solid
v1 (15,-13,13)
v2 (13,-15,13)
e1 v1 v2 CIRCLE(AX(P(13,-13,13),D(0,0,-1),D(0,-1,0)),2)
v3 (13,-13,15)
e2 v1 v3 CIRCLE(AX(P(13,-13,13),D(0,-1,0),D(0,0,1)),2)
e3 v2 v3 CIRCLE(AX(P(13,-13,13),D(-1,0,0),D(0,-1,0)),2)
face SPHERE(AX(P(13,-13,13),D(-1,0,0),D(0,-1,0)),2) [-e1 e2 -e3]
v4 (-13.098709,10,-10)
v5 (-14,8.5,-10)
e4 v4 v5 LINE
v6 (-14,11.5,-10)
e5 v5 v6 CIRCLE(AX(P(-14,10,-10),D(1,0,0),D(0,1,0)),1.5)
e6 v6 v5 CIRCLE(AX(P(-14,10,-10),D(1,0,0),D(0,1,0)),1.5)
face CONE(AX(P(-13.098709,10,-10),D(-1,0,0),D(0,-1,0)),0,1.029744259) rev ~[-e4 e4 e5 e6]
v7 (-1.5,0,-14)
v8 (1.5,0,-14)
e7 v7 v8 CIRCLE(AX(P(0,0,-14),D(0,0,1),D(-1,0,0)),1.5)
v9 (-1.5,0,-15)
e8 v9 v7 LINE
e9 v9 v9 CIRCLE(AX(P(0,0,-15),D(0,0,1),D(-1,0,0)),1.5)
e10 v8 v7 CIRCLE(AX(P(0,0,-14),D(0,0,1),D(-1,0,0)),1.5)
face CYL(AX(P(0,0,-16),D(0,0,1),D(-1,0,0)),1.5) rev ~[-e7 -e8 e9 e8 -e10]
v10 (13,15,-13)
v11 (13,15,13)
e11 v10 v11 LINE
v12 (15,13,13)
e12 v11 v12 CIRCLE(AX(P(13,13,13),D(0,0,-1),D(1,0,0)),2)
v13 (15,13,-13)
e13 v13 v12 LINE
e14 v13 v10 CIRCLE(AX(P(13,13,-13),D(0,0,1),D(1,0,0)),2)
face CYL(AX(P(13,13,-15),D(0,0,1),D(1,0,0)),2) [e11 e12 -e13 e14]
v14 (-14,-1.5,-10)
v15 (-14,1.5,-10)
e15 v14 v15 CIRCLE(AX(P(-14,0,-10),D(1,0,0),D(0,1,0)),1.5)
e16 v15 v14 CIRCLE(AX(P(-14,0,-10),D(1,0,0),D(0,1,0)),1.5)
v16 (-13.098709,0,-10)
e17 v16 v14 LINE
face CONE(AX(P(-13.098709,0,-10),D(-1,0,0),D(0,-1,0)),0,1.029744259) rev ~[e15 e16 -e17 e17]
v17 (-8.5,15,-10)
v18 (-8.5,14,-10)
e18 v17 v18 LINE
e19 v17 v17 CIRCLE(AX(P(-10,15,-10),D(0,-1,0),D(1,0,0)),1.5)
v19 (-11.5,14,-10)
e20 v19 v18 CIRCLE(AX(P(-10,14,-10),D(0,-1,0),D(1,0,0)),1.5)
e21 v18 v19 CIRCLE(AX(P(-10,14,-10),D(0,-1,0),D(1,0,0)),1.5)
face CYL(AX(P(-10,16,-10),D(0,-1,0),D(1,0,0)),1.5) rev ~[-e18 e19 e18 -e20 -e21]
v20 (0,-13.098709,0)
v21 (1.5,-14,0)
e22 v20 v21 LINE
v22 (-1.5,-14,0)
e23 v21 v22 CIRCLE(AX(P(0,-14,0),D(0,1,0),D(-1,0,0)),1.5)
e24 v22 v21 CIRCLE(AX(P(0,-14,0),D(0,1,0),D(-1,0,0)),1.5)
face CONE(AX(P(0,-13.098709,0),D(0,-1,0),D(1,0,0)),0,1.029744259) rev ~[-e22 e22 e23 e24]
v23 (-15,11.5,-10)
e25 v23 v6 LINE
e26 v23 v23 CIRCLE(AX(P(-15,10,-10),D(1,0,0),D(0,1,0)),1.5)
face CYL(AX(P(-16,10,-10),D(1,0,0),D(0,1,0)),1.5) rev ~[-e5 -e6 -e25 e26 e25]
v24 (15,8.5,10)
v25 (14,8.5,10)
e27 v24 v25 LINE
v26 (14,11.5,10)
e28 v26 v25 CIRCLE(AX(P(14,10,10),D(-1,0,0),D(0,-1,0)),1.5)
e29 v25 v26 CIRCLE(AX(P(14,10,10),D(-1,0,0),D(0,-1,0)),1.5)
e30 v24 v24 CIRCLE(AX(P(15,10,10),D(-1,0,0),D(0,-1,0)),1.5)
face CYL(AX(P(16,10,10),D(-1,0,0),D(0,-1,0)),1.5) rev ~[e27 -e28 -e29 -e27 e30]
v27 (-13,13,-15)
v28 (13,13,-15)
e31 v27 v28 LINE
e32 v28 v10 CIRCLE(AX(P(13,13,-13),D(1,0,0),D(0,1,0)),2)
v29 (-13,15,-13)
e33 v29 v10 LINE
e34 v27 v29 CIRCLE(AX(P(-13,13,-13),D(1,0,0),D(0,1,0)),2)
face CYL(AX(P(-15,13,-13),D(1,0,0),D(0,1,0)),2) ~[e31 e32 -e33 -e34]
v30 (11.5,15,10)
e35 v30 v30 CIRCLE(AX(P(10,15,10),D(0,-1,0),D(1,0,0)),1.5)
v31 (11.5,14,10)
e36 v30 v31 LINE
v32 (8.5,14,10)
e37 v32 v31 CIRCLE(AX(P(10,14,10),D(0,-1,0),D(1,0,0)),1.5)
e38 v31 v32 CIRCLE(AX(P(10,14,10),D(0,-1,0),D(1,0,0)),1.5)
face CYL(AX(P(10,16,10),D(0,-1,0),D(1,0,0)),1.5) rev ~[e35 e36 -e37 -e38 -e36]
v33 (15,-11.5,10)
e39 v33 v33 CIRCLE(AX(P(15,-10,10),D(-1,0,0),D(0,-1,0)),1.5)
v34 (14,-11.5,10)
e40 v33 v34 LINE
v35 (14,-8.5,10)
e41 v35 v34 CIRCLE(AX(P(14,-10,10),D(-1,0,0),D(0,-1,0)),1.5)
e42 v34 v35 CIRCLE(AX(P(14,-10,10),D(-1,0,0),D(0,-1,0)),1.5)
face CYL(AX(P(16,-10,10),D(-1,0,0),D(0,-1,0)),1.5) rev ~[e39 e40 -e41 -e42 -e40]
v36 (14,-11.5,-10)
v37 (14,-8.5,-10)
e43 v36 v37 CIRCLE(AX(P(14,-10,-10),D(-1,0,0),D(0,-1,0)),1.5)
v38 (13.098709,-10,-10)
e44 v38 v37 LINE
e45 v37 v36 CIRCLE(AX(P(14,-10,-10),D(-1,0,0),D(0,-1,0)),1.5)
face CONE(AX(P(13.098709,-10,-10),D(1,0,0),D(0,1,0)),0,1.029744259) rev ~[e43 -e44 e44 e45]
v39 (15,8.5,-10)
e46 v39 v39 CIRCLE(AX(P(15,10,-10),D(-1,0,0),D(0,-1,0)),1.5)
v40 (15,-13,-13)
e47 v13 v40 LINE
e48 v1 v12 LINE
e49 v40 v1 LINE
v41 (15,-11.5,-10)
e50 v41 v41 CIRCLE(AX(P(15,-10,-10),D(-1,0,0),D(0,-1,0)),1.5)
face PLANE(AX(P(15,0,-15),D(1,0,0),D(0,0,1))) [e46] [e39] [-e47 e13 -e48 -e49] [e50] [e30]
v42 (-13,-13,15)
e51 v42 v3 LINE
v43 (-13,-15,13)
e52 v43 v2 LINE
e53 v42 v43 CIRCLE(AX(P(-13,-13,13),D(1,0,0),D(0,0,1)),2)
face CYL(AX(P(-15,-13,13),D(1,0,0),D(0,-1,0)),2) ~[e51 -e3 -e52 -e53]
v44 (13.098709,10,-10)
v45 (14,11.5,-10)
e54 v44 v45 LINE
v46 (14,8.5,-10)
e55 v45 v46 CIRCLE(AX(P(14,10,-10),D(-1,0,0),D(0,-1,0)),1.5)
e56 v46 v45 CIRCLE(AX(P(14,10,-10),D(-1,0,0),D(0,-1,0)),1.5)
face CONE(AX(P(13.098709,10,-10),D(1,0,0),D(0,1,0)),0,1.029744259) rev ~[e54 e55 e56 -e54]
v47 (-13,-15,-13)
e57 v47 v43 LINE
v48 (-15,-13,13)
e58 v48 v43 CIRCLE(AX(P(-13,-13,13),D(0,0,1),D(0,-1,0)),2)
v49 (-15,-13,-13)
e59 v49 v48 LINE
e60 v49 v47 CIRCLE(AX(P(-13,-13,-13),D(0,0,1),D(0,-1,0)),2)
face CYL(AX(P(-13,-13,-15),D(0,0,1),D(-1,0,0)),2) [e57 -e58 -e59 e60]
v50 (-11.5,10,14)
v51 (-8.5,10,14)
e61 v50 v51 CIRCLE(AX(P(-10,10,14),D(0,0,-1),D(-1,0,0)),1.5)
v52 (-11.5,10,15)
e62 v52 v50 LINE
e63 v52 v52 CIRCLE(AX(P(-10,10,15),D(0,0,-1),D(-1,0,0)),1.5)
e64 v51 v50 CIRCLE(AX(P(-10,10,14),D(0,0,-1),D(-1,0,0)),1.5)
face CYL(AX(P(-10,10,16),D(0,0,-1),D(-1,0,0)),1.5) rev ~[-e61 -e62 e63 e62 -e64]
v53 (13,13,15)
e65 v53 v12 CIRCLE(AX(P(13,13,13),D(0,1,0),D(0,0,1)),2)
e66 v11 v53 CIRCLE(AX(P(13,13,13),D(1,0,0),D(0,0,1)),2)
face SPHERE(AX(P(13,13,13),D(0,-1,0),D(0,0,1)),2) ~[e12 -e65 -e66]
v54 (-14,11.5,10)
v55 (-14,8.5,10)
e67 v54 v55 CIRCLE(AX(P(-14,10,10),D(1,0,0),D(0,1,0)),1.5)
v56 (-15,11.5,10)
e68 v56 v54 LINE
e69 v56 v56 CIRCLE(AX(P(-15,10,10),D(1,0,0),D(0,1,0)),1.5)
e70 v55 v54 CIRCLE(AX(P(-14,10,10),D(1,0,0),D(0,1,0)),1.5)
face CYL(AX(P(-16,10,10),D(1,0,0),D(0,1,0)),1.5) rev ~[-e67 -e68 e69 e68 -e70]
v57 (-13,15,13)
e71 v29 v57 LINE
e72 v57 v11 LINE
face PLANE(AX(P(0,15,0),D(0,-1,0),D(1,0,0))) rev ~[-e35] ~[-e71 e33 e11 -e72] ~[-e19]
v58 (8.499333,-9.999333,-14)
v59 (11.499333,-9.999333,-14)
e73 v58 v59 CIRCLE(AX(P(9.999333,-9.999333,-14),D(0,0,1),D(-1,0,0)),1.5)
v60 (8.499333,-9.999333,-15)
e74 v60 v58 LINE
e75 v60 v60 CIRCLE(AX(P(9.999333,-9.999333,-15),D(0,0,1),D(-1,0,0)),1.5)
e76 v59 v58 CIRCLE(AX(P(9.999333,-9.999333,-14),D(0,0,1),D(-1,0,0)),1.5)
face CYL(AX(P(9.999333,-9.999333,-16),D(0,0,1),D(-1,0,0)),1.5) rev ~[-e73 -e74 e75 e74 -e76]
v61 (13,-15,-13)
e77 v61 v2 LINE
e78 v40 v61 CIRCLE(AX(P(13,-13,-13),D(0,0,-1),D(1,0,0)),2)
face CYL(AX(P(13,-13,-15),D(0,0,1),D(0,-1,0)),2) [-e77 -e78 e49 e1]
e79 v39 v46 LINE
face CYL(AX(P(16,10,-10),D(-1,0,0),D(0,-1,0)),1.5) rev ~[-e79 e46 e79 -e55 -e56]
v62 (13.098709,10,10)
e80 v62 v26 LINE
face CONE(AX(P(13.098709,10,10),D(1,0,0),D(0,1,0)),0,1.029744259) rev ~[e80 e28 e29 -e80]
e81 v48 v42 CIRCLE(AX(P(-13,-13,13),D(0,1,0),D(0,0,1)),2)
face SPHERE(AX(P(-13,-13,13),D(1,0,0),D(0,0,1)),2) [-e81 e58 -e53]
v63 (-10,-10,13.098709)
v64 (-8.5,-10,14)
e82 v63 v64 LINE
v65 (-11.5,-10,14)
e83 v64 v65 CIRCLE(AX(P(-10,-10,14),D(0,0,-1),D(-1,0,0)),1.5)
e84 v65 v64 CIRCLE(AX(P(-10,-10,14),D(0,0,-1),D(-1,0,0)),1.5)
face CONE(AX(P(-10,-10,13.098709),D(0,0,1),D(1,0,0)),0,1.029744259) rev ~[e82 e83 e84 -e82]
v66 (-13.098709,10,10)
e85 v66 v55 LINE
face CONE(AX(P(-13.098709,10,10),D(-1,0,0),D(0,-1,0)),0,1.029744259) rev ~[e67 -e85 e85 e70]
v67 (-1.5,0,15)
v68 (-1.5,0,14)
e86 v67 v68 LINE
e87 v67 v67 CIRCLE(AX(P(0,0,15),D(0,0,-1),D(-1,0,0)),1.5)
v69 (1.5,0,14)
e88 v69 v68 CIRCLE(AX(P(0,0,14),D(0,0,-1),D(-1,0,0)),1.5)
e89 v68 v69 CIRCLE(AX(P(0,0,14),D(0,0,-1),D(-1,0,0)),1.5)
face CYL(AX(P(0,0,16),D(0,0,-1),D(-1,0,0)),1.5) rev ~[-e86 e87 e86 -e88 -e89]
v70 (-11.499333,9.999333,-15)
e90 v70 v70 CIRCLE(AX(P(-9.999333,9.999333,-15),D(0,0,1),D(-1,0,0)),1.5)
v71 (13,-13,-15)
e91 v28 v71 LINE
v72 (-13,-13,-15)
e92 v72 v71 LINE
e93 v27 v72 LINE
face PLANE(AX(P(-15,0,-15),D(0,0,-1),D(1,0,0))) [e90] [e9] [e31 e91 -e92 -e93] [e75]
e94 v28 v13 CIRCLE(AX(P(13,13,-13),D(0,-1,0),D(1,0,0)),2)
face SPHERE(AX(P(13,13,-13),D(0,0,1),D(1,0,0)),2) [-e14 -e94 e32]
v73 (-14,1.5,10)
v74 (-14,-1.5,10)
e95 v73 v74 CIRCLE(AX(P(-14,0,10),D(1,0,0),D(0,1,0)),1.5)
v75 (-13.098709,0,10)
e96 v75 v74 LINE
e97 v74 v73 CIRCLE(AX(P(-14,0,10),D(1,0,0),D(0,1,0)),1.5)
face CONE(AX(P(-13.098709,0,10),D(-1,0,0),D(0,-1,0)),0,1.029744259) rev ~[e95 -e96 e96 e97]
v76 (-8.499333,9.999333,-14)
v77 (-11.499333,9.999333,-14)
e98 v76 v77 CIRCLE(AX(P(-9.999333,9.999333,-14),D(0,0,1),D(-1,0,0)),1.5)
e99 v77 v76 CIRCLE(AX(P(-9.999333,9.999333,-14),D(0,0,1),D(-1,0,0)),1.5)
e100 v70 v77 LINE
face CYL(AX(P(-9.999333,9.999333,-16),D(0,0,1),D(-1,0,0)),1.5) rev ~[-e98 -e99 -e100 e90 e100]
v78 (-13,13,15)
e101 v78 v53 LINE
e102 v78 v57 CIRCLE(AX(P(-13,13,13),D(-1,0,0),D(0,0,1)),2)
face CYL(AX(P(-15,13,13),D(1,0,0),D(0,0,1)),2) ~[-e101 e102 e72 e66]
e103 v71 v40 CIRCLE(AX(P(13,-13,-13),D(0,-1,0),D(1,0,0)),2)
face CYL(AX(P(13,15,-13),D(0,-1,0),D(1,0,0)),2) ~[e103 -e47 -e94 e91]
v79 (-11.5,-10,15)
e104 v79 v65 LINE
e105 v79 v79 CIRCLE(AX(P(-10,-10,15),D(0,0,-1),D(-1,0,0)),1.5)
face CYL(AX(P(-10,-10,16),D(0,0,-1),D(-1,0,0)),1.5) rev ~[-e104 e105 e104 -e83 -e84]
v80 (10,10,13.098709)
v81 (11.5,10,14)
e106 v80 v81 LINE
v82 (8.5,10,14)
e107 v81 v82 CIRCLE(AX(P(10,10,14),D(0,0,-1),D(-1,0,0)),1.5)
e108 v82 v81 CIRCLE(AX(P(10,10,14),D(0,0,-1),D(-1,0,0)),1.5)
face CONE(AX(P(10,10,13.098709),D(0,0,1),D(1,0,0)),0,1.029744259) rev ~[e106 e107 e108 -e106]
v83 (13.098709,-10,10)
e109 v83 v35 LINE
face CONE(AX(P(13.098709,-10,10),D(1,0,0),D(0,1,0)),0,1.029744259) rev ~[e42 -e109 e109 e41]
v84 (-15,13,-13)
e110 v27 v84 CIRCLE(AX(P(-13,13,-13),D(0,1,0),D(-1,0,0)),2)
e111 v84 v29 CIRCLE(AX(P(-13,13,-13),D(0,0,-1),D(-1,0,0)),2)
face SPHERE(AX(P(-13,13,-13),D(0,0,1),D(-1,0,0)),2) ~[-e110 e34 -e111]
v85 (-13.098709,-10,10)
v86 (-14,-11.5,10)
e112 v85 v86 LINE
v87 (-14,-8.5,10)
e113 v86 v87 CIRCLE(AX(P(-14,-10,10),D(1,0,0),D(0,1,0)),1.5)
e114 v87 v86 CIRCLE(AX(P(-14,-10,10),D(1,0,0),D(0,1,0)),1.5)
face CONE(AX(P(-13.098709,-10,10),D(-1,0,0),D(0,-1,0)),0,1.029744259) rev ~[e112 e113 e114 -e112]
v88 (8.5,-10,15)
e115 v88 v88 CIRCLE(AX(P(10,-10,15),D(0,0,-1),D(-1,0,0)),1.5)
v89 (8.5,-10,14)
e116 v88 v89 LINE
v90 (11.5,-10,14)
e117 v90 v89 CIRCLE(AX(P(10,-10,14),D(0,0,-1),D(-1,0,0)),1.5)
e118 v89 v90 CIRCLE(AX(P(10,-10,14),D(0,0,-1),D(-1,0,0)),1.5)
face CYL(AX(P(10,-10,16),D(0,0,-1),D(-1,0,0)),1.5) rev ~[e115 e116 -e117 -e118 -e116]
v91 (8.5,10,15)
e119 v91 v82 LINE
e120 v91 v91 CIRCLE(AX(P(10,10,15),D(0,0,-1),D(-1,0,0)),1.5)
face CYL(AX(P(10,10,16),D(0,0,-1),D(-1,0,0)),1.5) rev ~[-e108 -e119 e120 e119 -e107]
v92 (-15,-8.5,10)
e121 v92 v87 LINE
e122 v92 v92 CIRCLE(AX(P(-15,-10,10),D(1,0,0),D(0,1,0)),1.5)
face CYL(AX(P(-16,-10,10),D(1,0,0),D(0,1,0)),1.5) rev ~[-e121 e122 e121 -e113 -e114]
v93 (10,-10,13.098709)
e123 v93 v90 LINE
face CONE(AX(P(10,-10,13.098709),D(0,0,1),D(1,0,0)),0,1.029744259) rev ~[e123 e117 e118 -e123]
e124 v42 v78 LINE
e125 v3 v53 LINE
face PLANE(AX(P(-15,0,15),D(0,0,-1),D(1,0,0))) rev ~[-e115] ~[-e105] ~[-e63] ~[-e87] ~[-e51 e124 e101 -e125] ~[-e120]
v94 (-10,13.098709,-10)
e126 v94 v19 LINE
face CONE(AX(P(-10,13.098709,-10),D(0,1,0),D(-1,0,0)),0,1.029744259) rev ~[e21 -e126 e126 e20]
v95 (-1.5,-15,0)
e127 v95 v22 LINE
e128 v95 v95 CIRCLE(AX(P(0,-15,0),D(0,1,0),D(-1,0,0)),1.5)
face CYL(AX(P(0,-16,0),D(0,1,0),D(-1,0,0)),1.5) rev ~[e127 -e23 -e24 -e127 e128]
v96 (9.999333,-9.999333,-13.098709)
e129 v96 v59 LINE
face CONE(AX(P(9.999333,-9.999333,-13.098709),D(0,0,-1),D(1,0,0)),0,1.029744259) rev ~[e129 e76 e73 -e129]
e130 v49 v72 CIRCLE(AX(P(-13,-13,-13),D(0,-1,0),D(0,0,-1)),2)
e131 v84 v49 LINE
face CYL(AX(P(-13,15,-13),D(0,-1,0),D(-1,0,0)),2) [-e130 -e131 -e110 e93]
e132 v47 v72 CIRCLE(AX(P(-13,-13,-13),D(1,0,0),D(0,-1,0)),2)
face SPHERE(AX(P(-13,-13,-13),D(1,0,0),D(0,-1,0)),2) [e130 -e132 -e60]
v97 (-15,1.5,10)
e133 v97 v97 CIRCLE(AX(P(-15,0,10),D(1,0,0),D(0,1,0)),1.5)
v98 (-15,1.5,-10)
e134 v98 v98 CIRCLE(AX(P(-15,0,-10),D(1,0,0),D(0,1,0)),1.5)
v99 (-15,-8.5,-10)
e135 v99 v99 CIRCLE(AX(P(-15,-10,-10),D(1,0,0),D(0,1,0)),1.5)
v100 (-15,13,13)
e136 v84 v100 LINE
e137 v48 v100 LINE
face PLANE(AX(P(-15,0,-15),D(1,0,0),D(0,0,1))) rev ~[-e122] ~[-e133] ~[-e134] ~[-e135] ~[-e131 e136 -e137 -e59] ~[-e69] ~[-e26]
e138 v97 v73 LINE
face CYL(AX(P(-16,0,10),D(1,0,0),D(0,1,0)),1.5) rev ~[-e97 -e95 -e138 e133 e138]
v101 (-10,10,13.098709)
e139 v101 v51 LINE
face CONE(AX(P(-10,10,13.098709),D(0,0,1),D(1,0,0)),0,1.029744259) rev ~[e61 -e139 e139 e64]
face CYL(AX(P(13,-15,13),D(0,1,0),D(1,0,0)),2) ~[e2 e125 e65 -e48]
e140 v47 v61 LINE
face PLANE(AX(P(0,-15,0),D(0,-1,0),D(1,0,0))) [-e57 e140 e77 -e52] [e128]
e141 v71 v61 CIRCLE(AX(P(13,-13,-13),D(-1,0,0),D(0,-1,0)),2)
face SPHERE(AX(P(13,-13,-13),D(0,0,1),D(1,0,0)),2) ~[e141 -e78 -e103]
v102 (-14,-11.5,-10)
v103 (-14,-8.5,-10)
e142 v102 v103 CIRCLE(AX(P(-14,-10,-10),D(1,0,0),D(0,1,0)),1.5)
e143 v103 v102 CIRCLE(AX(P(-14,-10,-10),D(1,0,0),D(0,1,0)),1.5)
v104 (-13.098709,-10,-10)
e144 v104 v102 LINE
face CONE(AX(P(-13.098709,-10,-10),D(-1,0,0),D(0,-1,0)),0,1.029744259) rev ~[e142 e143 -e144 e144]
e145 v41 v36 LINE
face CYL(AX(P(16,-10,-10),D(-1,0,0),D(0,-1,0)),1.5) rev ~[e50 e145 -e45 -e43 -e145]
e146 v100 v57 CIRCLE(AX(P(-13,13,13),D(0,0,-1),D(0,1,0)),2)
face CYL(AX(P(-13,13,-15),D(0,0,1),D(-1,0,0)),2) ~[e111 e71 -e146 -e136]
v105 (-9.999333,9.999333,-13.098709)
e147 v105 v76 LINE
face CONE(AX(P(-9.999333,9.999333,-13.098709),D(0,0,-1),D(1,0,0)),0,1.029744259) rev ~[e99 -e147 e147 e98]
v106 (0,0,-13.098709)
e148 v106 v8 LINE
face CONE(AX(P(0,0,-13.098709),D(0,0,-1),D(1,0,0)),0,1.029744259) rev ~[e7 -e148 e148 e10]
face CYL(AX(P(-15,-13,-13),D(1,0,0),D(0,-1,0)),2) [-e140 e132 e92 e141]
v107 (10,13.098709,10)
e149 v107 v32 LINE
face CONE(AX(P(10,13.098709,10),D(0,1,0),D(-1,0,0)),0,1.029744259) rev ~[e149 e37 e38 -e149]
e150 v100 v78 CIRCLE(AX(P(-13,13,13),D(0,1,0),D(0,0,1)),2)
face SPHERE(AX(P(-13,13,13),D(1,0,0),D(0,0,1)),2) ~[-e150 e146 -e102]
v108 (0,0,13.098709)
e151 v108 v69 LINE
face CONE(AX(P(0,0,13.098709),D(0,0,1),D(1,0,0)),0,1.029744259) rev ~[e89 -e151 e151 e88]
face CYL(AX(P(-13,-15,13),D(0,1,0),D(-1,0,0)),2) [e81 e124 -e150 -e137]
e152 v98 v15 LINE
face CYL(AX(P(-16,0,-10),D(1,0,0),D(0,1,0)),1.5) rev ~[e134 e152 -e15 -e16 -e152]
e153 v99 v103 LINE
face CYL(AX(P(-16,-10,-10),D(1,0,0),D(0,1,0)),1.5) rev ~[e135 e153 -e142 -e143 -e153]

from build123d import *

# Parameters (mm, degrees)
F0_W           = 30
F0_H           = 30
F1_DEPTH       = 15
F2_R           = 2
F9_D           = 3
F9_DEPTH       = 1
F9_TIP         = 0.9012909285
F9_ON_F8_D     = 3
F9_ON_F8_DEPTH = 1
F9_ON_F8_TIP   = 0.9012909285
F9_ON_F6_D     = 3
F9_ON_F6_DEPTH = 1
F9_ON_F6_TIP   = 0.9012909285
F9_ON_F7_D     = 3
F9_ON_F7_DEPTH = 1
F9_ON_F7_TIP   = 0.9012909285
F9_ON_F4_D     = 3
F9_ON_F4_DEPTH = 1
F9_ON_F4_TIP   = 0.9012909285
F9_ON_F3_D     = 3
F9_ON_F3_DEPTH = 1
F9_ON_F3_TIP   = 0.9012909285


with BuildPart() as f1:
    # F0 (on Front) → F1 (new body, symmetric)
    with BuildSketch(Plane.XZ):
        Rectangle(F0_W, F0_H)
    extrude(amount=F1_DEPTH, both=True)

    # F2
    f2_edges = [f1.edges().sort_by_distance(p)[0] for p in [
        (0, -15, 15),
        (15, -15, 0),
        (15, 0, 15),
        (0, 15, 15),
        (-15, 0, 15),
        (15, 15, 0),
        (15, 0, -15),
        (0, -15, -15),
        (-15, -15, 0),
        (-15, 15, 0),
        (-15, 0, -15),
        (0, 15, -15),
    ]]
    fillet(f2_edges, radius=F2_R)

    # F9
    with Locations(Plane.YZ.offset(15)):
        with Locations((-10, 10), (-10, -10), (10, 10), (10, -10)):
            Hole(F9_D / 2, depth=F9_DEPTH)
            with Locations((0, 0, -(F9_DEPTH + F9_TIP / 2))):  # 118° drill point
                Cone(0, F9_D / 2, F9_TIP, mode=Mode.SUBTRACT)

    # F9 on F8
    with Locations(Plane(origin=(-15, 0, 0), x_dir=(0, -1, 0), z_dir=(-1, 0, 0))):
        with Locations((0, -10), (0, 10), (10, 10), (-10, 10), (10, -10), (-10, -10)):
            Hole(F9_ON_F8_D / 2, depth=F9_ON_F8_DEPTH)
            with Locations((0, 0, -(F9_ON_F8_DEPTH + F9_ON_F8_TIP / 2))):  # 118° drill point
                Cone(0, F9_ON_F8_D / 2, F9_ON_F8_TIP, mode=Mode.SUBTRACT)

    # F9 on F6
    with Locations(Plane(origin=(0, 15, 0), x_dir=(-1, 0, 0), z_dir=(0, 1, 0))):
        with Locations((10, -10), (-10, 10)):
            Hole(F9_ON_F6_D / 2, depth=F9_ON_F6_DEPTH)
            with Locations((0, 0, -(F9_ON_F6_DEPTH + F9_ON_F6_TIP / 2))):  # 118° drill point
                Cone(0, F9_ON_F6_D / 2, F9_ON_F6_TIP, mode=Mode.SUBTRACT)

    # F9 on F7
    with Locations(Plane.XY.offset(15)):
        with Locations((10, 10), (0, 0), (-10, 10), (10, -10), (-10, -10)):
            Hole(F9_ON_F7_D / 2, depth=F9_ON_F7_DEPTH)
            with Locations((0, 0, -(F9_ON_F7_DEPTH + F9_ON_F7_TIP / 2))):  # 118° drill point
                Cone(0, F9_ON_F7_D / 2, F9_ON_F7_TIP, mode=Mode.SUBTRACT)

    # F9 on F4
    with Locations(Plane(origin=(0, 0, -15), x_dir=(1, 0, 0), z_dir=(0, 0, -1))):
        with Locations((-9.9993329495, -9.9993329495), (9.9993329495, 9.9993329495), (0, 0)):
            Hole(F9_ON_F4_D / 2, depth=F9_ON_F4_DEPTH)
            with Locations((0, 0, -(F9_ON_F4_DEPTH + F9_ON_F4_TIP / 2))):  # 118° drill point
                Cone(0, F9_ON_F4_D / 2, F9_ON_F4_TIP, mode=Mode.SUBTRACT)

    # F9 on F3
    with Locations(Plane.XZ.offset(15)):
        with Locations((0, 0)):
            Hole(F9_ON_F3_D / 2, depth=F9_ON_F3_DEPTH)
            with Locations((0, 0, -(F9_ON_F3_DEPTH + F9_ON_F3_TIP / 2))):  # 118° drill point
                Cone(0, F9_ON_F3_D / 2, F9_ON_F3_TIP, mode=Mode.SUBTRACT)


solid = f1.part
